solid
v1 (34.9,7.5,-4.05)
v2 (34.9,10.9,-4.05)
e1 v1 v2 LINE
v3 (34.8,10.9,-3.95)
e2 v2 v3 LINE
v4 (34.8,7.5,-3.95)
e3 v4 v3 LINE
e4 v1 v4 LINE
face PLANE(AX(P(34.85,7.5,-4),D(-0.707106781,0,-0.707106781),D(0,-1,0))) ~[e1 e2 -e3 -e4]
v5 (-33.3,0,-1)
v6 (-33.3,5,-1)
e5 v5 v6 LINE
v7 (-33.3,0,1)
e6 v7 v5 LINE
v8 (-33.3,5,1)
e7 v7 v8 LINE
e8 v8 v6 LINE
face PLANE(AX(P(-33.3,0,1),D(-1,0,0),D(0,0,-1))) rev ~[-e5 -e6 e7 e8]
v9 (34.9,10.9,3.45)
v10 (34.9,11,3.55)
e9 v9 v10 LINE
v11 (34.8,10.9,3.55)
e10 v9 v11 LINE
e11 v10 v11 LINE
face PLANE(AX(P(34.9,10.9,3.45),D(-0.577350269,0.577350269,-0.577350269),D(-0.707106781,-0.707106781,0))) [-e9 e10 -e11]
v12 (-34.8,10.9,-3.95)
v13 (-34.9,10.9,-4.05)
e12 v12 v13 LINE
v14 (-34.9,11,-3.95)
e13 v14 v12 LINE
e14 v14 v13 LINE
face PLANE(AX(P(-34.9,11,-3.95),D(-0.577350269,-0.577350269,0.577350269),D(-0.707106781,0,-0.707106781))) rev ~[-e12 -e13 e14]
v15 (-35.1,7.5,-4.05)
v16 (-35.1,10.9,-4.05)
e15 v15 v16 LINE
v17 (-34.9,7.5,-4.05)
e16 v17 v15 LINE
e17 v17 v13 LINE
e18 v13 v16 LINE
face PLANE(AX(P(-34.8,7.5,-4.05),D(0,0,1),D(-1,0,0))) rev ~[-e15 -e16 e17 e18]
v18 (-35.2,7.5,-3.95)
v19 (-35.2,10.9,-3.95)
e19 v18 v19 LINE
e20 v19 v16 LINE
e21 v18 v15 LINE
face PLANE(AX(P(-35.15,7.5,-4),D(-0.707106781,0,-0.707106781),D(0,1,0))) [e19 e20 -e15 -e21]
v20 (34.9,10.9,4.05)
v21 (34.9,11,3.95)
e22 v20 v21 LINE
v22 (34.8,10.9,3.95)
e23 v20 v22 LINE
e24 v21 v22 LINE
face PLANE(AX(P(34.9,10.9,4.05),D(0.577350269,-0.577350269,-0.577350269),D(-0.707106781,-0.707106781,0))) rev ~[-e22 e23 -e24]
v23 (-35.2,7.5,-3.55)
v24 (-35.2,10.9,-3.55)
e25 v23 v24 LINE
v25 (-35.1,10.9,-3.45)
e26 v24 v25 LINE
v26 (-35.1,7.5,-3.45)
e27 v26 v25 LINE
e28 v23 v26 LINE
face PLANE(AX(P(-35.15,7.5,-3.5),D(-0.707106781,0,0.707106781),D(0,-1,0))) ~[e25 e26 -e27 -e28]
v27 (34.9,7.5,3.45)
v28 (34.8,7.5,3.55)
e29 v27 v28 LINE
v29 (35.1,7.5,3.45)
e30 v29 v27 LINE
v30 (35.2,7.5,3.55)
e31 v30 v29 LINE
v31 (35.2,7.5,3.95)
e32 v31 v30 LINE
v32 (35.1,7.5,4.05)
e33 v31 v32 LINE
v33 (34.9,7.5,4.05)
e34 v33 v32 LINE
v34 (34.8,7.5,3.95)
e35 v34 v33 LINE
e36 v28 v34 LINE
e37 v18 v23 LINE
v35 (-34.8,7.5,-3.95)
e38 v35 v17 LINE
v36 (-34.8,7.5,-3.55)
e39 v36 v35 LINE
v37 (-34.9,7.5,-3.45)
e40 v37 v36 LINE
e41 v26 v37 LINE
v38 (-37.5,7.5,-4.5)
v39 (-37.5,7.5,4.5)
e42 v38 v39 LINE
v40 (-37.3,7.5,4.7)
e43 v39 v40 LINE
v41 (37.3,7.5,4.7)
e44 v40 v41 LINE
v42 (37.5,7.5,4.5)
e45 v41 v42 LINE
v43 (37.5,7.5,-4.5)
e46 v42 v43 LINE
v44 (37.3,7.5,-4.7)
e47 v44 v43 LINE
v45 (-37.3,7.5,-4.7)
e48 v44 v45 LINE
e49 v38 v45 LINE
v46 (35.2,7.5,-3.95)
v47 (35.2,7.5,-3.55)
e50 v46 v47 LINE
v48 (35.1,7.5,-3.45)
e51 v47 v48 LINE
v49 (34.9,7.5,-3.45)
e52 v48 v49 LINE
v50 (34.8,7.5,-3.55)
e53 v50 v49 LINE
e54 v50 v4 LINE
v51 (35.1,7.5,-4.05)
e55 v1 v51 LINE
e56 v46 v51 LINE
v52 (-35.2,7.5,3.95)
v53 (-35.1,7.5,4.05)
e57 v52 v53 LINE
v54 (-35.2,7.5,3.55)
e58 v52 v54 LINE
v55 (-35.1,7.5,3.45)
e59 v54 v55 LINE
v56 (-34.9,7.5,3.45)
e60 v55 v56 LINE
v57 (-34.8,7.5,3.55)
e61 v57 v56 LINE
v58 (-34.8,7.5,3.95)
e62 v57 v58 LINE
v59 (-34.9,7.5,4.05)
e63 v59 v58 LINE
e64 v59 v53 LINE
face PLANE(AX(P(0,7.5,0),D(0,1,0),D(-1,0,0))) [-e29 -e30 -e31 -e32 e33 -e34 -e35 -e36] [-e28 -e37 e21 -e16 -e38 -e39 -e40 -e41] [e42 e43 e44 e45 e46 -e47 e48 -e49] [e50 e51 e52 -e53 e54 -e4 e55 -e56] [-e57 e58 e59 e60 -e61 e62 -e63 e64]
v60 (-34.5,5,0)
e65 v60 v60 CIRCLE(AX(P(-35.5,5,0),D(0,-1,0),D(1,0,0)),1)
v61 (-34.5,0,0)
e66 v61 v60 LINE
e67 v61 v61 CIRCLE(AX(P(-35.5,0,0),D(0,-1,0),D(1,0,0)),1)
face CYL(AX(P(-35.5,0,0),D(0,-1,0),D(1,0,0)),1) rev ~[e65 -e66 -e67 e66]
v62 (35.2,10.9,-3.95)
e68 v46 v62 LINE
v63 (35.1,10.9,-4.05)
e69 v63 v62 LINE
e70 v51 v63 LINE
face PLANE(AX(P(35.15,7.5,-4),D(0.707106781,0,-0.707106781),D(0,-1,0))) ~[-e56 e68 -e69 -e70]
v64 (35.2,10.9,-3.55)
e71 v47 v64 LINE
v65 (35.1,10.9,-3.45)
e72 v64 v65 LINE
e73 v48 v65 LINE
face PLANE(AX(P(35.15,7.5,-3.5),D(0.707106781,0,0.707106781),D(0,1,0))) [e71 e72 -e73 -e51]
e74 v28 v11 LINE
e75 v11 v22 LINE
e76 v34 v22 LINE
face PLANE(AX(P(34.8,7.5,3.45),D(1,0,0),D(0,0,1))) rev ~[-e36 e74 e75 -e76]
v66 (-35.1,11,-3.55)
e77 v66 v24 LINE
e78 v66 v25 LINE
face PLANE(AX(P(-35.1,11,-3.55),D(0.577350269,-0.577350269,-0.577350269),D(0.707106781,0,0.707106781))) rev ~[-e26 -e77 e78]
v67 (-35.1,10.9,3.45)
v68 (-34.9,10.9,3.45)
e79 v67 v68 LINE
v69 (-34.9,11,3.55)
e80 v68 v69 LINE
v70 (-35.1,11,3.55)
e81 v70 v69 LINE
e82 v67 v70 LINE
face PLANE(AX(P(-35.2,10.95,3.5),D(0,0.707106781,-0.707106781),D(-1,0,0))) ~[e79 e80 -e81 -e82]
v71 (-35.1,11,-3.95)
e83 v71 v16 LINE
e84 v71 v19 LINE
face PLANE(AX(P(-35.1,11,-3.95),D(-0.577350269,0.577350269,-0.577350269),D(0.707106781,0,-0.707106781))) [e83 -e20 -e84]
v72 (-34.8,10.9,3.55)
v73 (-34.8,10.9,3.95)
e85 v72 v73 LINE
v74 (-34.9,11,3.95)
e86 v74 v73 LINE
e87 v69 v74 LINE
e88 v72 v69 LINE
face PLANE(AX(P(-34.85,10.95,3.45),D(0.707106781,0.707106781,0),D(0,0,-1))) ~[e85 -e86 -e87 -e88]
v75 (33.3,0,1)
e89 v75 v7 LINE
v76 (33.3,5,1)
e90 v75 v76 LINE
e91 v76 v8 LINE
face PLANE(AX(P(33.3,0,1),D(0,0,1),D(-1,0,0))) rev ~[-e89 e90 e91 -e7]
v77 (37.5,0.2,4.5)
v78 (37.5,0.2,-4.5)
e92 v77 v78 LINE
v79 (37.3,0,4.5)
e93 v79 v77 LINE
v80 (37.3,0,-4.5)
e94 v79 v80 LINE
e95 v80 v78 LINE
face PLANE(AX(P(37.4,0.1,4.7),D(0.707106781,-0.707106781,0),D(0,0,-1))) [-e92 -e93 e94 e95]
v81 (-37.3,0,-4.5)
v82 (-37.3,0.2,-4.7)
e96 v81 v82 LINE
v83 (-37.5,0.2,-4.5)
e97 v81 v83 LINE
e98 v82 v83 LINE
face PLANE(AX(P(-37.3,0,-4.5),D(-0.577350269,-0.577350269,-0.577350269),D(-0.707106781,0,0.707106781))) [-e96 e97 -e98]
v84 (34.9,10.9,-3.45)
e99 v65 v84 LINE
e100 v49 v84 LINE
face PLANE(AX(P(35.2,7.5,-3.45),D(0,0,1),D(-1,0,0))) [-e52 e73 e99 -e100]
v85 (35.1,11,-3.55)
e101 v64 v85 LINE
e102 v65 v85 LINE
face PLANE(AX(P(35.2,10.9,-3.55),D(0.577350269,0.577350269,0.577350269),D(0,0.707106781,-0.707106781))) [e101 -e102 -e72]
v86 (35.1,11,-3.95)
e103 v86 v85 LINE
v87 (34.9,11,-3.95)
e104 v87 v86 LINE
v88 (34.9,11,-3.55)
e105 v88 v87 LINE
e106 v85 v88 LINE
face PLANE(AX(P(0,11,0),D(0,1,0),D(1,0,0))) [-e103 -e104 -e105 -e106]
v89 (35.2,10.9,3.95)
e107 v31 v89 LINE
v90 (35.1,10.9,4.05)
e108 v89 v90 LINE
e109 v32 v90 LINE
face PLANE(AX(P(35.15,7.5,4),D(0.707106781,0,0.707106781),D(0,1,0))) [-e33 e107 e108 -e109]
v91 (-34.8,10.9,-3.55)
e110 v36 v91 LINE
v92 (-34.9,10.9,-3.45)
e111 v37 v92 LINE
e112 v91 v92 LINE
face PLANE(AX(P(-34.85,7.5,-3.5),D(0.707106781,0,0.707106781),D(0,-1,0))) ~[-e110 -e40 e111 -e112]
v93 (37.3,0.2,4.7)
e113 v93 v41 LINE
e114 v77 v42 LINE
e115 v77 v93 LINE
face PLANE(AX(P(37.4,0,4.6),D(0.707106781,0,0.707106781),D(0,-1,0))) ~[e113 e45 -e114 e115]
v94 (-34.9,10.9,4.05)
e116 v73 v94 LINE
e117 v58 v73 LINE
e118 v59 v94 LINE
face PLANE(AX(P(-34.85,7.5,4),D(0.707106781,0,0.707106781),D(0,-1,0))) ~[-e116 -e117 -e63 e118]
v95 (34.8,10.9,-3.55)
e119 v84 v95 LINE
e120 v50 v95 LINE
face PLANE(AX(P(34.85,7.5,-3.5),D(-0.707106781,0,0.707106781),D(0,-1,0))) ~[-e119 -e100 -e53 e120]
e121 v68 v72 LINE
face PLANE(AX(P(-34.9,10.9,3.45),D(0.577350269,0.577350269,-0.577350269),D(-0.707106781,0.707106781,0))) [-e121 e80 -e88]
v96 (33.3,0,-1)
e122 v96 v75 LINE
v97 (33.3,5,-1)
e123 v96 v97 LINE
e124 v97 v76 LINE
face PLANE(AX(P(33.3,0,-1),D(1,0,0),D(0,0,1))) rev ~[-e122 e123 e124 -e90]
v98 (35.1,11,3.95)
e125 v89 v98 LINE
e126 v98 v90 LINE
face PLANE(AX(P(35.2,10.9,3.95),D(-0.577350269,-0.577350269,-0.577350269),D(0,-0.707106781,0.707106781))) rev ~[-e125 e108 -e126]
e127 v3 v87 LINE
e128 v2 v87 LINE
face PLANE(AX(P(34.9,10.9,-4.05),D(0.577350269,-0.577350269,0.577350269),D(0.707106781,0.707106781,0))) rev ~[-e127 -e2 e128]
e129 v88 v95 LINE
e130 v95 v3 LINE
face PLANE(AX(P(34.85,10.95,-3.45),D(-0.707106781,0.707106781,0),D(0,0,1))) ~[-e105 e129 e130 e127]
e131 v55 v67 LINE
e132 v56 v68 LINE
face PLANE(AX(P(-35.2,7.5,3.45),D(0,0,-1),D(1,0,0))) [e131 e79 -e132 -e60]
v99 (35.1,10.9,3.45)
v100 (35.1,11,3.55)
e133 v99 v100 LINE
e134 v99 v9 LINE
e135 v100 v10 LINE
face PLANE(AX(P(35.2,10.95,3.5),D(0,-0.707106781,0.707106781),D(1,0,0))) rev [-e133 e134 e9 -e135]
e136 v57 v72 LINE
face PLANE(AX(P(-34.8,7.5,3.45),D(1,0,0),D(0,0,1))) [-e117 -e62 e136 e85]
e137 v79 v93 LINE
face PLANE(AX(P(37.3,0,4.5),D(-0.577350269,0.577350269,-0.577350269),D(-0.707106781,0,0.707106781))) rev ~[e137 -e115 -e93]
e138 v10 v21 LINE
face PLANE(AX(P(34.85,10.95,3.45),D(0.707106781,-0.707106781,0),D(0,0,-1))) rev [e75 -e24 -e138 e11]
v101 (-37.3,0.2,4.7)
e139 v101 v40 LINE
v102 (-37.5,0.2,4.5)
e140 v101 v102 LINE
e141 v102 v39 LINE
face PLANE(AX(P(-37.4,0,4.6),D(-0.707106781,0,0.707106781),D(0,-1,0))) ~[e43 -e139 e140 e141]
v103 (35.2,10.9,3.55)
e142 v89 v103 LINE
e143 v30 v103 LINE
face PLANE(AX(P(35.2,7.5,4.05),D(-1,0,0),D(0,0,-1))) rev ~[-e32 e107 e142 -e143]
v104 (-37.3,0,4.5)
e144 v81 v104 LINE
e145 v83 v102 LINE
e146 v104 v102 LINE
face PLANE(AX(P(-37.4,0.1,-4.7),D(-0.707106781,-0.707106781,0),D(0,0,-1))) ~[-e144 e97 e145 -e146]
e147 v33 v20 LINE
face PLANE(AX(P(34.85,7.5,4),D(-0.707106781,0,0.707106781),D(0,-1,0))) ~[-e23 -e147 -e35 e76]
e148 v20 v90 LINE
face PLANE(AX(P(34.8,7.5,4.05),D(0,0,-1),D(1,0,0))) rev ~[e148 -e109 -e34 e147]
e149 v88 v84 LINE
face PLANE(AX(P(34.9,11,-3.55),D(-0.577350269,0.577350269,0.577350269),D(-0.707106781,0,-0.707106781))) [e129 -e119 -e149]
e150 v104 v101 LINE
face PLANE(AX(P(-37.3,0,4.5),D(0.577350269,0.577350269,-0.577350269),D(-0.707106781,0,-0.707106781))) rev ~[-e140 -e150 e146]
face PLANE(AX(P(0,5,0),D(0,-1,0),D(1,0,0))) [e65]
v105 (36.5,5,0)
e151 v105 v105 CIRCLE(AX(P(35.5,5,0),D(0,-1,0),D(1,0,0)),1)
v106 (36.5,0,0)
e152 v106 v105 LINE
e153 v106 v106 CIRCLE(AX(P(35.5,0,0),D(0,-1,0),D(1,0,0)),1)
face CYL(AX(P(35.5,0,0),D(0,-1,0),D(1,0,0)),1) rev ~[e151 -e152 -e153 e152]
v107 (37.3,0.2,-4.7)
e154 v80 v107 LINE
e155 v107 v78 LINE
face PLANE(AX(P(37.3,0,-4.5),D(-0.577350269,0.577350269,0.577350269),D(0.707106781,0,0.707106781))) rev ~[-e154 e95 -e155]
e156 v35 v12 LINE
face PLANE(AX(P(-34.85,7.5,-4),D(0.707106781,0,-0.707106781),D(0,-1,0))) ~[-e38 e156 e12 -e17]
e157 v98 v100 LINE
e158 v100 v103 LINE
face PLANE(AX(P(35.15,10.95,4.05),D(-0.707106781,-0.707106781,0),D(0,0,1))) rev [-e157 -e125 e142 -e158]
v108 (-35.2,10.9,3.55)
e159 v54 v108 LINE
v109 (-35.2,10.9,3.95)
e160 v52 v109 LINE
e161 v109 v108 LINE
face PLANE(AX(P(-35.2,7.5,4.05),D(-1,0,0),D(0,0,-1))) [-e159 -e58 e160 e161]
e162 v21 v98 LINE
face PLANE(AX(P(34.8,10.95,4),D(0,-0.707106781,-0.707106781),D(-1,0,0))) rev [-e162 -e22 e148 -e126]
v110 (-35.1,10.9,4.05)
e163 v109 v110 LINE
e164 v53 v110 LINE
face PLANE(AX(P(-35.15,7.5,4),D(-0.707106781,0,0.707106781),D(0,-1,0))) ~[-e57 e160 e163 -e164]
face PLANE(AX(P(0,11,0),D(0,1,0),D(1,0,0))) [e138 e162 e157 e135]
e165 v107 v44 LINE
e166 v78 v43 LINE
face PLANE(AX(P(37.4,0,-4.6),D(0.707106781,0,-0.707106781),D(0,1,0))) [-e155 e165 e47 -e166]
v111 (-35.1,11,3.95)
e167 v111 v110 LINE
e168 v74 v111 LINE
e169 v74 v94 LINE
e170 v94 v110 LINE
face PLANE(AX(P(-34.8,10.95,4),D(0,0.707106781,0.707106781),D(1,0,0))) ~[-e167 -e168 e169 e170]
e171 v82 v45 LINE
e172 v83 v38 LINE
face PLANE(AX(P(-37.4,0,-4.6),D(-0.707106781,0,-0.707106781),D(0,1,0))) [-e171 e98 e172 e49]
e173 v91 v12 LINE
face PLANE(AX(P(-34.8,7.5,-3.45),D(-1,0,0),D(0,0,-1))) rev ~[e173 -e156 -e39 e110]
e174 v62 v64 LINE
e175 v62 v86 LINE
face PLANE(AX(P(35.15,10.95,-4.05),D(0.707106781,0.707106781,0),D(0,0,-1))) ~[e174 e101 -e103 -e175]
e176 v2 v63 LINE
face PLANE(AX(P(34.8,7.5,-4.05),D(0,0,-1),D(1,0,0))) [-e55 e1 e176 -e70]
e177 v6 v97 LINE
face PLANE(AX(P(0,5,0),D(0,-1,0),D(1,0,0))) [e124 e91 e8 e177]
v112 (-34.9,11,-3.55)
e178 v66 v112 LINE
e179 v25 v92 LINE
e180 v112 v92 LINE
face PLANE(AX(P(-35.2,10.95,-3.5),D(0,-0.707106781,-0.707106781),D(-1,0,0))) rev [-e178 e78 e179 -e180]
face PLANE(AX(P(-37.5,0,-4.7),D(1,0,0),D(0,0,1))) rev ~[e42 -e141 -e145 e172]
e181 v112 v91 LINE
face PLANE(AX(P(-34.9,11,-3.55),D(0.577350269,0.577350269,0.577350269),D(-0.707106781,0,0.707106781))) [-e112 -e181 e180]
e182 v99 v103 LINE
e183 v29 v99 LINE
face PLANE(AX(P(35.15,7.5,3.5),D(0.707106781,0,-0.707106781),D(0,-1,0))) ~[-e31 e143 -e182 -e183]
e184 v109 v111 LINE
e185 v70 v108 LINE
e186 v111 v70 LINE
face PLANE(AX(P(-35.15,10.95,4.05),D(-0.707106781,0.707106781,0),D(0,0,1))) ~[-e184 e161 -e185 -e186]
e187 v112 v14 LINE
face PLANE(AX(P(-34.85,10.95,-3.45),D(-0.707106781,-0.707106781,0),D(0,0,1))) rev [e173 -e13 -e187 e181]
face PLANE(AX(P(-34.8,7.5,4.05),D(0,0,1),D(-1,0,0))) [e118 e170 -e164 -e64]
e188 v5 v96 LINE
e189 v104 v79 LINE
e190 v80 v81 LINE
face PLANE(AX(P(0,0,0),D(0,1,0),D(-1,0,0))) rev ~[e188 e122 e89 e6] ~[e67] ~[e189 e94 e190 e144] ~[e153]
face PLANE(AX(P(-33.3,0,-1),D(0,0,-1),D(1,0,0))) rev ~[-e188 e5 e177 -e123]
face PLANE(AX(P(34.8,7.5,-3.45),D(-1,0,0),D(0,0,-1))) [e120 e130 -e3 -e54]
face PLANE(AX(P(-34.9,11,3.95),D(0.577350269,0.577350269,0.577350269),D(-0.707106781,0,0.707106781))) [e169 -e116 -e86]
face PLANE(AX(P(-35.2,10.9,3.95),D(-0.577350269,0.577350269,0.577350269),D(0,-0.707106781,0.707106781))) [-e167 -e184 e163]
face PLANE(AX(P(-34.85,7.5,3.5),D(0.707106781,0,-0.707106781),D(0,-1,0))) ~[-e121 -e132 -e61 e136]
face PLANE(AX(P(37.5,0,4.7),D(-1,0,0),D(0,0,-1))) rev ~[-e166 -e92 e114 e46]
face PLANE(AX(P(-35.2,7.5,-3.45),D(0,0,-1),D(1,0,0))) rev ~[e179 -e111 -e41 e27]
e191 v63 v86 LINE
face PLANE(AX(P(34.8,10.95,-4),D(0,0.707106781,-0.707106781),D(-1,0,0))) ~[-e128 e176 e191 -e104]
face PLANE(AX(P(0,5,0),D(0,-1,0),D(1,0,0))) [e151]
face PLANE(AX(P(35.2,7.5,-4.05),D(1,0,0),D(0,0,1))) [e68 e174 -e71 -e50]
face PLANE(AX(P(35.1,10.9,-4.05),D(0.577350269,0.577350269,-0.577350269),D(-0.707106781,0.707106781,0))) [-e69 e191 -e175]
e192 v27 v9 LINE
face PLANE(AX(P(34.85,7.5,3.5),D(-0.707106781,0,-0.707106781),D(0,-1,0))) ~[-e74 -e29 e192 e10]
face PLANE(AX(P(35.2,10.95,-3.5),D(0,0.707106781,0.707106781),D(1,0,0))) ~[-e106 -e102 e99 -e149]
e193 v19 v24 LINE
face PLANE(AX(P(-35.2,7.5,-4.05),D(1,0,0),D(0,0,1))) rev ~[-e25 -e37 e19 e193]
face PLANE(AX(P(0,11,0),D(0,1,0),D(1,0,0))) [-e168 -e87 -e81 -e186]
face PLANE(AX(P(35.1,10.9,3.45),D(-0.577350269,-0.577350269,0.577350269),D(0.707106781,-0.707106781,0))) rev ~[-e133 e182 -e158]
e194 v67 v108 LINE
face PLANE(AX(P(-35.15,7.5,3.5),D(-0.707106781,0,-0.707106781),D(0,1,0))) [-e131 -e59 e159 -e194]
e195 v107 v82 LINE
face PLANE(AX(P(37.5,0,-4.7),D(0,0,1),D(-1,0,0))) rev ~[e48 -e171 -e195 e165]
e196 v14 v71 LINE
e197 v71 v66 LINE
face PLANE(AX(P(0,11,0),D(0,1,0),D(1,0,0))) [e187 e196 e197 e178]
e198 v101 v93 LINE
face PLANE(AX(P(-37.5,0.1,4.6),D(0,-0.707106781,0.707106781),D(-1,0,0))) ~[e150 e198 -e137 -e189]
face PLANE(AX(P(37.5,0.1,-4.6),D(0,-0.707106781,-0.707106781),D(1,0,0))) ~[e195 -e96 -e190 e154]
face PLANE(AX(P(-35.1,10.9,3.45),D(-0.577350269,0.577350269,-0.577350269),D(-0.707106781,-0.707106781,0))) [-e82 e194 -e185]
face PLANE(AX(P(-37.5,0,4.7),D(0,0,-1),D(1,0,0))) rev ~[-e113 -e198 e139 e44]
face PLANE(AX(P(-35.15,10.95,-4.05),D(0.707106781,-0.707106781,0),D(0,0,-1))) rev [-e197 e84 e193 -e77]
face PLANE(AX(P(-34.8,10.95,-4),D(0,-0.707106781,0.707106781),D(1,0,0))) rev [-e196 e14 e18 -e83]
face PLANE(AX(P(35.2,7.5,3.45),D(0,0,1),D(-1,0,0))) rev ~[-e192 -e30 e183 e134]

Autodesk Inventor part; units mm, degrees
ref_plane "YZ Plane" through (0, 0, 0) normal (1, 0, 0) x (0, 1, 0)
ref_plane "XZ Plane" through (0, 0, 0) normal (0, 1, 0) x (-1, 0, 0)
ref_plane "XY Plane" through (0, 0, 0) normal (0, 0, 1) x (1, 0, 0)
sketch "Sketch3" plane through (0, 0, 0) normal (0, 1, 0) x (-1, 0, 0)
  line L0 (37.5, 4.7) -> (-37.5, 4.7)
  line L1 (-37.5, 4.7) -> (-37.5, -4.7)
  line L2 (-37.5, -4.7) -> (37.5, -4.7)
  line L3 (37.5, -4.7) -> (37.5, 4.7)
  line L4 (37.5, 4.7) -> (-37.5, -4.7) construction
  line L5 (-37.5, 4.7) -> (37.5, -4.7) construction
  point P0 (0, 0)
  dimension "d0" = 75
  dimension "d1" = 9.4
extrude "Extrusion1" add sketch "Sketch3" along normal blind 7.5
sketch "Sketch4" plane through (0, 7.5, 0) normal (0, 1, 0) x (1, 0, 0)
  line L0 (-37.5, 4.7) -> (-37.5, -4.7) projected
  line L1 (-37.5, 0) -> (37.5, 0)
  line L2 (37.5, -4.7) -> (37.5, 4.7) projected
  line L3 (37.5, 4.7) -> (-37.5, 4.7) projected
  line L4 (0, 4.7) -> (0, -4.7)
  line L5 (-37.5, -4.7) -> (37.5, -4.7) projected
  line L6 (-35.2, 3.45) -> (-34.8, 3.45)
  line L7 (-34.8, 3.45) -> (-34.8, 4.05)
  line L8 (-34.8, 4.05) -> (-35.2, 4.05)
  line L9 (-35.2, 4.05) -> (-35.2, 3.45)
  line L10 (-35.2, 3.45) -> (-34.8, 4.05) construction
  line L11 (-34.8, 3.45) -> (-35.2, 4.05) construction
  line L12 (-35.2, -3.45) -> (-34.8, -3.45)
  line L13 (-34.8, -3.45) -> (-34.8, -4.05)
  line L14 (-34.8, -4.05) -> (-35.2, -4.05)
  line L15 (-35.2, -4.05) -> (-35.2, -3.45)
  line L16 (-35.2, -3.45) -> (-34.8, -4.05) construction
  line L17 (-34.8, -3.45) -> (-35.2, -4.05) construction
  line L18 (35.2, 3.45) -> (34.8, 3.45)
  line L19 (34.8, 3.45) -> (34.8, 4.05)
  line L20 (34.8, 4.05) -> (35.2, 4.05)
  line L21 (35.2, 4.05) -> (35.2, 3.45)
  line L22 (35.2, 3.45) -> (34.8, 4.05) construction
  line L23 (34.8, 3.45) -> (35.2, 4.05) construction
  line L24 (35.2, -3.45) -> (34.8, -3.45)
  line L25 (34.8, -3.45) -> (34.8, -4.05)
  line L26 (34.8, -4.05) -> (35.2, -4.05)
  line L27 (35.2, -4.05) -> (35.2, -3.45)
  line L28 (35.2, -3.45) -> (34.8, -4.05) construction
  line L29 (34.8, -3.45) -> (35.2, -4.05) construction
  point P0 (0, 0)
  point P1 (-35, 3.75)
  point P2 (-35, -3.75)
  point P3 (35, 3.75)
  point P4 (35, -3.75)
  dimension "d7" = 0.6
  dimension "d8" = 0.4
  dimension "d9" = 7.5
  dimension "d10" = 70
extrude "Extrusion2" add sketch "Sketch4" along normal blind 3.5 contours L9 L8 L7 L6 | L12 L13 L14 L15 | L18 L19 L20 L21 | L27 L26 L25 L24
sketch "Sketch5" plane through (0, 0, 0) normal (0, -1, 0) x (1, 0, 0)
  line L0 (-33.3, -1) -> (33.3, -1)
  line L1 (33.3, -1) -> (33.3, 1)
  line L2 (33.3, 1) -> (-33.3, 1)
  line L3 (-33.3, 1) -> (-33.3, -1)
  line L4 (-33.3, -1) -> (33.3, 1) construction
  line L5 (33.3, -1) -> (-33.3, 1) construction
  point P0 (0, 0)
  dimension "d13" = 66.6
  dimension "d14" = 2
extrude "Extrusion3" cut sketch "Sketch5" against normal blind 5
sketch "Sketch6" plane through (0, 0, 0) normal (0, -1, 0) x (1, 0, 0)
  circle A0 centre (-35.5, 0) radius 1
  line L0 (37.5, -4.7) -> (-37.5, -4.7) projected
  line L1 (0, -4.7) -> (0, 4.7)
  line L2 (-37.5, 4.7) -> (37.5, 4.7) projected
  circle A1 centre (35.5, 0) radius 1
  point P0 (0, 0)
  point P1 (0, 0)
  dimension "d17" = 2
  dimension "d18" = 71
extrude "Extrusion4" cut sketch "Sketch6" against normal blind 5
thread "Thread1" size "M2x0.4" class "6H" standard "ANSI Metric M Profile" length 5
thread "Thread2" size "M2x0.4" class "6H" standard "ANSI Metric M Profile" length 5
chamfer "Chamfer1" distance 0.2 angle 45 8 edges at (-37.5, 3.75, -4.7) (-37.5, 3.75, 4.7) (37.5, 3.75, -4.7) (37.5, 3.75, 4.7) (0, 0, -4.7) (37.5, 0, 0) (0, 0, 4.7) (-37.5, 0, 0)
chamfer "Chamfer2" distance 0.1 angle 45 32 edges at (-34.8, 9.25, -3.45) (-35.2, 9.25, -3.45) (-34.8, 9.25, -4.05) (-35.2, 9.25, -4.05) (-35.2, 11, -3.75) (-34.8, 11, -3.75) (-35, 11, -4.05) (-35, 11, -3.45) (-34.8, 9.25, 4.05) (-34.8, 11, 3.75) (-35, 11, 4.05) (-35.2, 11, 3.75) (-35.2, 9.25, 4.05) (-34.8, 9.25, 3.45) (-35, 11, 3.45) (-35.2, 9.25, 3.45) (34.8, 11, 3.75) (35, 11, 4.05) (35.2, 11, 3.75) (34.8, 9.25, 4.05) (35.2, 9.25, 4.05) (35, 11, 3.45) (34.8, 9.25, 3.45) (35.2, 9.25, 3.45) (34.8, 9.25, -3.45) (35, 11, -3.45) (35.2, 9.25, -3.45) (34.8, 11, -3.75) (34.8, 9.25, -4.05) (35.2, 11, -3.75) (35.2, 9.25, -4.05) (35, 11, -4.05)
